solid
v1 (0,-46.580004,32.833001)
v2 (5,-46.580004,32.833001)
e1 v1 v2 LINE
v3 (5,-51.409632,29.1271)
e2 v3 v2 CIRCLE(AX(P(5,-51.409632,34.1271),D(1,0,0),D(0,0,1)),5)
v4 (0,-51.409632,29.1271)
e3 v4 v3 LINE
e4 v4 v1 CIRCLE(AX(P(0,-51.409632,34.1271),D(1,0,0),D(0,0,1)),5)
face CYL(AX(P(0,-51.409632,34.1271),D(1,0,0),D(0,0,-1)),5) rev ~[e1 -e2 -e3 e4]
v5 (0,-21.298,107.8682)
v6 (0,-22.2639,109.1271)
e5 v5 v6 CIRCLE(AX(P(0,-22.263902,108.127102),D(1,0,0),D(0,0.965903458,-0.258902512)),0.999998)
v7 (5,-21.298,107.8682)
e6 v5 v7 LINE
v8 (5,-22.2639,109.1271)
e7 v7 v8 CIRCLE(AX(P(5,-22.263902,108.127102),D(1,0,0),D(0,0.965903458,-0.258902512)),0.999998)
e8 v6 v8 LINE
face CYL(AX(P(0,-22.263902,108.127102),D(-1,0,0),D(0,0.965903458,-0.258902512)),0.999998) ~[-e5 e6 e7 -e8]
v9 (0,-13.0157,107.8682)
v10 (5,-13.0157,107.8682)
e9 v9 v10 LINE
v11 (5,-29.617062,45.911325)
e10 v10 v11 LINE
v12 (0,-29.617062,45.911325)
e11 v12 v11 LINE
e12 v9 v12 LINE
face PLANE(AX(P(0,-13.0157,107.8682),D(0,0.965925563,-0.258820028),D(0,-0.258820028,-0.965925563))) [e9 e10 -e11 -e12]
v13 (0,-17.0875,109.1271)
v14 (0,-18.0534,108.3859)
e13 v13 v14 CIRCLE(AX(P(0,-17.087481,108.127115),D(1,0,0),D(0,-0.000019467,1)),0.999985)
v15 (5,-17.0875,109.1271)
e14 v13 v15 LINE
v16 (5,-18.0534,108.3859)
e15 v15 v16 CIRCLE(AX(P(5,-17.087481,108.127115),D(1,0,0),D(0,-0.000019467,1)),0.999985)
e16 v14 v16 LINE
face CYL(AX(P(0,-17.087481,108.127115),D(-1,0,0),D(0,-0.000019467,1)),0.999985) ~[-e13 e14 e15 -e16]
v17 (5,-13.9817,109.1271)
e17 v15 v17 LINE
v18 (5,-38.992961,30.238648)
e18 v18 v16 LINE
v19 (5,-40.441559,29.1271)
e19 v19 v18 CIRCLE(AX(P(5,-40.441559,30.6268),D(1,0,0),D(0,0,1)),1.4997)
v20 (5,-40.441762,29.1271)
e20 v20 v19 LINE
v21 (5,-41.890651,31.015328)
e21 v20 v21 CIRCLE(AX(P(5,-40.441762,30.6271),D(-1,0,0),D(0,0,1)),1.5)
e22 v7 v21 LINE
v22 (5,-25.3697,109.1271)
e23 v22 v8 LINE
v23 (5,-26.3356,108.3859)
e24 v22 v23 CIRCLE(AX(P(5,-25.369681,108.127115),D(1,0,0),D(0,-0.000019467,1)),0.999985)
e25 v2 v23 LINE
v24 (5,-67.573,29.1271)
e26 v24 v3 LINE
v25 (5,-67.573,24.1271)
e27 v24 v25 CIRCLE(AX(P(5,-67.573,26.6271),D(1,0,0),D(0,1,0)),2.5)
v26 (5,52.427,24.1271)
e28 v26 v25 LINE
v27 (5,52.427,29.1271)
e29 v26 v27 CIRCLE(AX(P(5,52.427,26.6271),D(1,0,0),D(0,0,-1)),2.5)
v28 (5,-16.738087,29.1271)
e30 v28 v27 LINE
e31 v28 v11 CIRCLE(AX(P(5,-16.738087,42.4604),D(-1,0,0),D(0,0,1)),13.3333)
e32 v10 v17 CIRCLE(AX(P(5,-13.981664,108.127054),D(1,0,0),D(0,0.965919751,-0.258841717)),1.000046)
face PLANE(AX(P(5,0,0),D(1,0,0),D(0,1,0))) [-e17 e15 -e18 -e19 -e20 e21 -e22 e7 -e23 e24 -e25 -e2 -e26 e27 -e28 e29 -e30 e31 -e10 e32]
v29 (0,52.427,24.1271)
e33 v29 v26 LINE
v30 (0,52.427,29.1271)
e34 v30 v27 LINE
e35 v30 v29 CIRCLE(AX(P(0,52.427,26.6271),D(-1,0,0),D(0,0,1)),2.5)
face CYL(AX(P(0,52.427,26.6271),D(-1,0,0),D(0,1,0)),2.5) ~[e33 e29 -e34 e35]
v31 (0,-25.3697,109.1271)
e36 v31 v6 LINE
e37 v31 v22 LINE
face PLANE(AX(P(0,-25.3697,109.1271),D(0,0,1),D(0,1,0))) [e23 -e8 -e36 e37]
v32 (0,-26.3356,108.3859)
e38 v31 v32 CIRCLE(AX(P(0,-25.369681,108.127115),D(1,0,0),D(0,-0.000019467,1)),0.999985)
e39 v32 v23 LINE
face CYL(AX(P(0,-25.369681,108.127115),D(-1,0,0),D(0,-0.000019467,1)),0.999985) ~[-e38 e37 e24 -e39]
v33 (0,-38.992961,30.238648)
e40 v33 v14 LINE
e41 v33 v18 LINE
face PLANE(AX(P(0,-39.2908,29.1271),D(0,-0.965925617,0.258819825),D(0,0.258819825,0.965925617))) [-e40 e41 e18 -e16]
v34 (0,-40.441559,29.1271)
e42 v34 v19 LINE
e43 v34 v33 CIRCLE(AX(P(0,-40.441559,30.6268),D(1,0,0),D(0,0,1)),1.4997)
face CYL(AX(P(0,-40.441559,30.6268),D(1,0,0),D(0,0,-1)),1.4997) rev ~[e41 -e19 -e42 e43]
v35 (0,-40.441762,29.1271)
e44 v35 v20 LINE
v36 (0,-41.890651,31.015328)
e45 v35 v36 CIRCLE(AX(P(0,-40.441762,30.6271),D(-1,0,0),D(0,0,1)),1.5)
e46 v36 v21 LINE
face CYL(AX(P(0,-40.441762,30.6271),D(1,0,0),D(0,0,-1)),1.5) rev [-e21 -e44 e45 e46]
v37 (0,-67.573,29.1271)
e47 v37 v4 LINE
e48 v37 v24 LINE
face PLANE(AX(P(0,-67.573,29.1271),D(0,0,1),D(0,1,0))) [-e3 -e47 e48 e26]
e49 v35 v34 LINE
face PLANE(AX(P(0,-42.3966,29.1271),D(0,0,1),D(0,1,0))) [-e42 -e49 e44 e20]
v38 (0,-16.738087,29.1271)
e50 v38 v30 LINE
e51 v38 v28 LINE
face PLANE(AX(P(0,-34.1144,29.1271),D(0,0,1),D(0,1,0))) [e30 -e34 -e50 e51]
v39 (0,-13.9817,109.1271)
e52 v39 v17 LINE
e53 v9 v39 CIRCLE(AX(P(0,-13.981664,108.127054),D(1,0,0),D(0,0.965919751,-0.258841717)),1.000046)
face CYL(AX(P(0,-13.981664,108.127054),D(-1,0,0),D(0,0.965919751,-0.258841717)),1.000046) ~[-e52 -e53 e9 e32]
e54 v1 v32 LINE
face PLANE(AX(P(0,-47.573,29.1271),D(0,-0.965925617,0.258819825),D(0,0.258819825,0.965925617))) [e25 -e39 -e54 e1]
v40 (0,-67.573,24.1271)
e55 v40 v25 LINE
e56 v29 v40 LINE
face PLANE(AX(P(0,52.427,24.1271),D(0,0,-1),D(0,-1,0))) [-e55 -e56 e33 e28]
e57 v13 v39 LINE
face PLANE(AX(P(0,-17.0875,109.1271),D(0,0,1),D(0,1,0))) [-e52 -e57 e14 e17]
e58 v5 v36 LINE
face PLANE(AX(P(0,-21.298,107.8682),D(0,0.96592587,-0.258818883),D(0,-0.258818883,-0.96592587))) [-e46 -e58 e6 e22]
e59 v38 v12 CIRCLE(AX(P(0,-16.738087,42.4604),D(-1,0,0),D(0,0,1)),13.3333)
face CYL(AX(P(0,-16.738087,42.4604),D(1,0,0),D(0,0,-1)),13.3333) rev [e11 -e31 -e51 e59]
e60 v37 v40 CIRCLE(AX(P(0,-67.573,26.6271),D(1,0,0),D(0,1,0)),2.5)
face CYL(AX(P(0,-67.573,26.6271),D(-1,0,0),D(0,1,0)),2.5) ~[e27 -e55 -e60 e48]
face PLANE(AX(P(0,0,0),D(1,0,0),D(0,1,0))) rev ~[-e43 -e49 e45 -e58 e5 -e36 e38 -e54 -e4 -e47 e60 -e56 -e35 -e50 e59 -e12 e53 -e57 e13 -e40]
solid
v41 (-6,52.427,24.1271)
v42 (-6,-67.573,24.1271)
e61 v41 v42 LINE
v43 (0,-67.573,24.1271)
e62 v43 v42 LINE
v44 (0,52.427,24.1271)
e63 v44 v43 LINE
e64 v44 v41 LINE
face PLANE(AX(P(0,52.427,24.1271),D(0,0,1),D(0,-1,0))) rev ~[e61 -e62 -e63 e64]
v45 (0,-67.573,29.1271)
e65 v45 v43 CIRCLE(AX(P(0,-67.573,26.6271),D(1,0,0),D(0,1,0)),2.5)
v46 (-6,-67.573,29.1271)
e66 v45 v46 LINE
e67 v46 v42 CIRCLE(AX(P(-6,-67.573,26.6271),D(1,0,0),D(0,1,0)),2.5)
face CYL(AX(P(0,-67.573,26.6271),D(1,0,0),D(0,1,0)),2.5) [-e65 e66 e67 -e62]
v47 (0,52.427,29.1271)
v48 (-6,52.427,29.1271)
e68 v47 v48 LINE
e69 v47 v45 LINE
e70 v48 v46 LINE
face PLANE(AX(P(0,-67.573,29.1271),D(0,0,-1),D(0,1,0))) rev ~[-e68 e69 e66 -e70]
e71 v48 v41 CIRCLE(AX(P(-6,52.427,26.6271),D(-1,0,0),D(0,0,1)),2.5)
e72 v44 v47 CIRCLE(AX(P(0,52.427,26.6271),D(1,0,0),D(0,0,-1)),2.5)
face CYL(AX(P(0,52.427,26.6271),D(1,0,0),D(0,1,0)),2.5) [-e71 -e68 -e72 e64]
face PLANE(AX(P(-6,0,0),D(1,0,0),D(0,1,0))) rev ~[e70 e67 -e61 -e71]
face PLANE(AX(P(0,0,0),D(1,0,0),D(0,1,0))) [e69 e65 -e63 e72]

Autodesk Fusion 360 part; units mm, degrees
sketch "Sketch1" plane through (0, 0, 0) normal (1, 0, 0) x (0, 1, 0)
  circle A0 centre (-67.573, 26.6271) radius 2.5
  line L0 (-67.573, 29.1271) -> (52.427, 29.1271)
  line L1 (52.427, 29.1271) -> (52.427, 24.1271)
  line L2 (52.427, 24.1271) -> (-67.573, 24.1271)
  line L3 (-67.573, 24.1271) -> (-67.573, 29.1271)
  circle A1 centre (52.427, 26.6271) radius 2.5
  line L4 (-47.573, 29.1271) -> (-47.573, 44.2726) construction
  line L5 (-47.573, 29.1271) -> (-26.3356, 108.3859)
  line L6 (-25.3697, 109.1271) -> (-22.2639, 109.1271)
  line L7 (-21.298, 107.8682) -> (-42.3966, 29.1271)
  line L8 (-39.2908, 29.1271) -> (-18.0534, 108.3859)
  line L9 (-13.0157, 107.8682) -> (-34.1144, 29.1271)
  line L10 (-17.0875, 109.1271) -> (-13.9817, 109.1271)
  arc A2 (-25.3697, 109.1271) -> (-26.3356, 108.3859) centre (-25.3697, 108.1271) ccw
  arc A3 (-21.298, 107.8682) -> (-22.2639, 109.1271) centre (-22.2639, 108.1271) ccw
  arc A4 (-17.0875, 109.1271) -> (-18.0534, 108.3859) centre (-17.0875, 108.1271) ccw
  arc A5 (-13.0157, 107.8682) -> (-13.9817, 109.1271) centre (-13.9817, 108.1271) ccw
  dimension "d6" = 5
  dimension "d7" = 120
  dimension "d8" = 5
  dimension "d9" = 20
  dimension "d10" = 3
  dimension "d11" = 5
  dimension "d12" = 5
  dimension "d13" = 75
  dimension "d16" = 1
  dimension "d17" = 1
  dimension "d18" = 1
  dimension "d19" = 1
  dimension "d20" = 80
extrude "Extrude1" add sketch "Sketch1" along normal blind 5 makes body 1
fillet "FrontFillet" radius 5 1 edges at (2.5, -47.573, 29.1271) on bodies 1
fillet "RearArmFillet" radius 13.3333 1 edges at (2.5, -34.1144, 29.1271) on bodies 1
extrude "AddBaseThickener" add sketch "Sketch1" against normal blind 6 separate body contours A0 L3 | A0 L0 L2 A1 | A0 L3 | L1 A1 | L1 A1 makes body 2
copy_body "CutPasteBodies2" bodies 1 2 removing the originals makes body 3 makes body 4 in component "Component"
fillet "Fillet1" radius 1.5 1 edges at (2.5, -42.3966, 29.1271) on bodies 3 in component "Component"
fillet "Fillet2" radius 1.5 1 edges at (2.5, -39.2908, 29.1271) on bodies 3 in component "Component"
component "Component" placed x (1, 0, 0) y (0, 1, 0) z (0, 0, 1) at (0, 0, 0)
equation "boardthickness = 3 mm"
equation "fillet = 1 mm"
equation "basethickness = 5 mm"
equation "baselength = 120 mm"
equation "base_setback = 20 mm"
equation "d6 = basethickness"
equation "d7 = baselength"
equation "d8 = d6"
equation "d9 = base_setback"
equation "d10 = boardthickness"
equation "d11 = basethickness"
equation "d12 = d11"
equation "d13 = board_angle"
equation "board_angle = 75 deg"
equation "d16 = fillet"
equation "d17 = fillet"
equation "d20 = holderheight"
equation "holderheight = 80 mm"
equation "d25 = basethickness"
equation "d27 = holderheight / 6"
equation "d28 = -thickener"
equation "thickener = 6 mm"
equation "d32 = boardthickness / 2"
equation "d34 = boardthickness / 2"
